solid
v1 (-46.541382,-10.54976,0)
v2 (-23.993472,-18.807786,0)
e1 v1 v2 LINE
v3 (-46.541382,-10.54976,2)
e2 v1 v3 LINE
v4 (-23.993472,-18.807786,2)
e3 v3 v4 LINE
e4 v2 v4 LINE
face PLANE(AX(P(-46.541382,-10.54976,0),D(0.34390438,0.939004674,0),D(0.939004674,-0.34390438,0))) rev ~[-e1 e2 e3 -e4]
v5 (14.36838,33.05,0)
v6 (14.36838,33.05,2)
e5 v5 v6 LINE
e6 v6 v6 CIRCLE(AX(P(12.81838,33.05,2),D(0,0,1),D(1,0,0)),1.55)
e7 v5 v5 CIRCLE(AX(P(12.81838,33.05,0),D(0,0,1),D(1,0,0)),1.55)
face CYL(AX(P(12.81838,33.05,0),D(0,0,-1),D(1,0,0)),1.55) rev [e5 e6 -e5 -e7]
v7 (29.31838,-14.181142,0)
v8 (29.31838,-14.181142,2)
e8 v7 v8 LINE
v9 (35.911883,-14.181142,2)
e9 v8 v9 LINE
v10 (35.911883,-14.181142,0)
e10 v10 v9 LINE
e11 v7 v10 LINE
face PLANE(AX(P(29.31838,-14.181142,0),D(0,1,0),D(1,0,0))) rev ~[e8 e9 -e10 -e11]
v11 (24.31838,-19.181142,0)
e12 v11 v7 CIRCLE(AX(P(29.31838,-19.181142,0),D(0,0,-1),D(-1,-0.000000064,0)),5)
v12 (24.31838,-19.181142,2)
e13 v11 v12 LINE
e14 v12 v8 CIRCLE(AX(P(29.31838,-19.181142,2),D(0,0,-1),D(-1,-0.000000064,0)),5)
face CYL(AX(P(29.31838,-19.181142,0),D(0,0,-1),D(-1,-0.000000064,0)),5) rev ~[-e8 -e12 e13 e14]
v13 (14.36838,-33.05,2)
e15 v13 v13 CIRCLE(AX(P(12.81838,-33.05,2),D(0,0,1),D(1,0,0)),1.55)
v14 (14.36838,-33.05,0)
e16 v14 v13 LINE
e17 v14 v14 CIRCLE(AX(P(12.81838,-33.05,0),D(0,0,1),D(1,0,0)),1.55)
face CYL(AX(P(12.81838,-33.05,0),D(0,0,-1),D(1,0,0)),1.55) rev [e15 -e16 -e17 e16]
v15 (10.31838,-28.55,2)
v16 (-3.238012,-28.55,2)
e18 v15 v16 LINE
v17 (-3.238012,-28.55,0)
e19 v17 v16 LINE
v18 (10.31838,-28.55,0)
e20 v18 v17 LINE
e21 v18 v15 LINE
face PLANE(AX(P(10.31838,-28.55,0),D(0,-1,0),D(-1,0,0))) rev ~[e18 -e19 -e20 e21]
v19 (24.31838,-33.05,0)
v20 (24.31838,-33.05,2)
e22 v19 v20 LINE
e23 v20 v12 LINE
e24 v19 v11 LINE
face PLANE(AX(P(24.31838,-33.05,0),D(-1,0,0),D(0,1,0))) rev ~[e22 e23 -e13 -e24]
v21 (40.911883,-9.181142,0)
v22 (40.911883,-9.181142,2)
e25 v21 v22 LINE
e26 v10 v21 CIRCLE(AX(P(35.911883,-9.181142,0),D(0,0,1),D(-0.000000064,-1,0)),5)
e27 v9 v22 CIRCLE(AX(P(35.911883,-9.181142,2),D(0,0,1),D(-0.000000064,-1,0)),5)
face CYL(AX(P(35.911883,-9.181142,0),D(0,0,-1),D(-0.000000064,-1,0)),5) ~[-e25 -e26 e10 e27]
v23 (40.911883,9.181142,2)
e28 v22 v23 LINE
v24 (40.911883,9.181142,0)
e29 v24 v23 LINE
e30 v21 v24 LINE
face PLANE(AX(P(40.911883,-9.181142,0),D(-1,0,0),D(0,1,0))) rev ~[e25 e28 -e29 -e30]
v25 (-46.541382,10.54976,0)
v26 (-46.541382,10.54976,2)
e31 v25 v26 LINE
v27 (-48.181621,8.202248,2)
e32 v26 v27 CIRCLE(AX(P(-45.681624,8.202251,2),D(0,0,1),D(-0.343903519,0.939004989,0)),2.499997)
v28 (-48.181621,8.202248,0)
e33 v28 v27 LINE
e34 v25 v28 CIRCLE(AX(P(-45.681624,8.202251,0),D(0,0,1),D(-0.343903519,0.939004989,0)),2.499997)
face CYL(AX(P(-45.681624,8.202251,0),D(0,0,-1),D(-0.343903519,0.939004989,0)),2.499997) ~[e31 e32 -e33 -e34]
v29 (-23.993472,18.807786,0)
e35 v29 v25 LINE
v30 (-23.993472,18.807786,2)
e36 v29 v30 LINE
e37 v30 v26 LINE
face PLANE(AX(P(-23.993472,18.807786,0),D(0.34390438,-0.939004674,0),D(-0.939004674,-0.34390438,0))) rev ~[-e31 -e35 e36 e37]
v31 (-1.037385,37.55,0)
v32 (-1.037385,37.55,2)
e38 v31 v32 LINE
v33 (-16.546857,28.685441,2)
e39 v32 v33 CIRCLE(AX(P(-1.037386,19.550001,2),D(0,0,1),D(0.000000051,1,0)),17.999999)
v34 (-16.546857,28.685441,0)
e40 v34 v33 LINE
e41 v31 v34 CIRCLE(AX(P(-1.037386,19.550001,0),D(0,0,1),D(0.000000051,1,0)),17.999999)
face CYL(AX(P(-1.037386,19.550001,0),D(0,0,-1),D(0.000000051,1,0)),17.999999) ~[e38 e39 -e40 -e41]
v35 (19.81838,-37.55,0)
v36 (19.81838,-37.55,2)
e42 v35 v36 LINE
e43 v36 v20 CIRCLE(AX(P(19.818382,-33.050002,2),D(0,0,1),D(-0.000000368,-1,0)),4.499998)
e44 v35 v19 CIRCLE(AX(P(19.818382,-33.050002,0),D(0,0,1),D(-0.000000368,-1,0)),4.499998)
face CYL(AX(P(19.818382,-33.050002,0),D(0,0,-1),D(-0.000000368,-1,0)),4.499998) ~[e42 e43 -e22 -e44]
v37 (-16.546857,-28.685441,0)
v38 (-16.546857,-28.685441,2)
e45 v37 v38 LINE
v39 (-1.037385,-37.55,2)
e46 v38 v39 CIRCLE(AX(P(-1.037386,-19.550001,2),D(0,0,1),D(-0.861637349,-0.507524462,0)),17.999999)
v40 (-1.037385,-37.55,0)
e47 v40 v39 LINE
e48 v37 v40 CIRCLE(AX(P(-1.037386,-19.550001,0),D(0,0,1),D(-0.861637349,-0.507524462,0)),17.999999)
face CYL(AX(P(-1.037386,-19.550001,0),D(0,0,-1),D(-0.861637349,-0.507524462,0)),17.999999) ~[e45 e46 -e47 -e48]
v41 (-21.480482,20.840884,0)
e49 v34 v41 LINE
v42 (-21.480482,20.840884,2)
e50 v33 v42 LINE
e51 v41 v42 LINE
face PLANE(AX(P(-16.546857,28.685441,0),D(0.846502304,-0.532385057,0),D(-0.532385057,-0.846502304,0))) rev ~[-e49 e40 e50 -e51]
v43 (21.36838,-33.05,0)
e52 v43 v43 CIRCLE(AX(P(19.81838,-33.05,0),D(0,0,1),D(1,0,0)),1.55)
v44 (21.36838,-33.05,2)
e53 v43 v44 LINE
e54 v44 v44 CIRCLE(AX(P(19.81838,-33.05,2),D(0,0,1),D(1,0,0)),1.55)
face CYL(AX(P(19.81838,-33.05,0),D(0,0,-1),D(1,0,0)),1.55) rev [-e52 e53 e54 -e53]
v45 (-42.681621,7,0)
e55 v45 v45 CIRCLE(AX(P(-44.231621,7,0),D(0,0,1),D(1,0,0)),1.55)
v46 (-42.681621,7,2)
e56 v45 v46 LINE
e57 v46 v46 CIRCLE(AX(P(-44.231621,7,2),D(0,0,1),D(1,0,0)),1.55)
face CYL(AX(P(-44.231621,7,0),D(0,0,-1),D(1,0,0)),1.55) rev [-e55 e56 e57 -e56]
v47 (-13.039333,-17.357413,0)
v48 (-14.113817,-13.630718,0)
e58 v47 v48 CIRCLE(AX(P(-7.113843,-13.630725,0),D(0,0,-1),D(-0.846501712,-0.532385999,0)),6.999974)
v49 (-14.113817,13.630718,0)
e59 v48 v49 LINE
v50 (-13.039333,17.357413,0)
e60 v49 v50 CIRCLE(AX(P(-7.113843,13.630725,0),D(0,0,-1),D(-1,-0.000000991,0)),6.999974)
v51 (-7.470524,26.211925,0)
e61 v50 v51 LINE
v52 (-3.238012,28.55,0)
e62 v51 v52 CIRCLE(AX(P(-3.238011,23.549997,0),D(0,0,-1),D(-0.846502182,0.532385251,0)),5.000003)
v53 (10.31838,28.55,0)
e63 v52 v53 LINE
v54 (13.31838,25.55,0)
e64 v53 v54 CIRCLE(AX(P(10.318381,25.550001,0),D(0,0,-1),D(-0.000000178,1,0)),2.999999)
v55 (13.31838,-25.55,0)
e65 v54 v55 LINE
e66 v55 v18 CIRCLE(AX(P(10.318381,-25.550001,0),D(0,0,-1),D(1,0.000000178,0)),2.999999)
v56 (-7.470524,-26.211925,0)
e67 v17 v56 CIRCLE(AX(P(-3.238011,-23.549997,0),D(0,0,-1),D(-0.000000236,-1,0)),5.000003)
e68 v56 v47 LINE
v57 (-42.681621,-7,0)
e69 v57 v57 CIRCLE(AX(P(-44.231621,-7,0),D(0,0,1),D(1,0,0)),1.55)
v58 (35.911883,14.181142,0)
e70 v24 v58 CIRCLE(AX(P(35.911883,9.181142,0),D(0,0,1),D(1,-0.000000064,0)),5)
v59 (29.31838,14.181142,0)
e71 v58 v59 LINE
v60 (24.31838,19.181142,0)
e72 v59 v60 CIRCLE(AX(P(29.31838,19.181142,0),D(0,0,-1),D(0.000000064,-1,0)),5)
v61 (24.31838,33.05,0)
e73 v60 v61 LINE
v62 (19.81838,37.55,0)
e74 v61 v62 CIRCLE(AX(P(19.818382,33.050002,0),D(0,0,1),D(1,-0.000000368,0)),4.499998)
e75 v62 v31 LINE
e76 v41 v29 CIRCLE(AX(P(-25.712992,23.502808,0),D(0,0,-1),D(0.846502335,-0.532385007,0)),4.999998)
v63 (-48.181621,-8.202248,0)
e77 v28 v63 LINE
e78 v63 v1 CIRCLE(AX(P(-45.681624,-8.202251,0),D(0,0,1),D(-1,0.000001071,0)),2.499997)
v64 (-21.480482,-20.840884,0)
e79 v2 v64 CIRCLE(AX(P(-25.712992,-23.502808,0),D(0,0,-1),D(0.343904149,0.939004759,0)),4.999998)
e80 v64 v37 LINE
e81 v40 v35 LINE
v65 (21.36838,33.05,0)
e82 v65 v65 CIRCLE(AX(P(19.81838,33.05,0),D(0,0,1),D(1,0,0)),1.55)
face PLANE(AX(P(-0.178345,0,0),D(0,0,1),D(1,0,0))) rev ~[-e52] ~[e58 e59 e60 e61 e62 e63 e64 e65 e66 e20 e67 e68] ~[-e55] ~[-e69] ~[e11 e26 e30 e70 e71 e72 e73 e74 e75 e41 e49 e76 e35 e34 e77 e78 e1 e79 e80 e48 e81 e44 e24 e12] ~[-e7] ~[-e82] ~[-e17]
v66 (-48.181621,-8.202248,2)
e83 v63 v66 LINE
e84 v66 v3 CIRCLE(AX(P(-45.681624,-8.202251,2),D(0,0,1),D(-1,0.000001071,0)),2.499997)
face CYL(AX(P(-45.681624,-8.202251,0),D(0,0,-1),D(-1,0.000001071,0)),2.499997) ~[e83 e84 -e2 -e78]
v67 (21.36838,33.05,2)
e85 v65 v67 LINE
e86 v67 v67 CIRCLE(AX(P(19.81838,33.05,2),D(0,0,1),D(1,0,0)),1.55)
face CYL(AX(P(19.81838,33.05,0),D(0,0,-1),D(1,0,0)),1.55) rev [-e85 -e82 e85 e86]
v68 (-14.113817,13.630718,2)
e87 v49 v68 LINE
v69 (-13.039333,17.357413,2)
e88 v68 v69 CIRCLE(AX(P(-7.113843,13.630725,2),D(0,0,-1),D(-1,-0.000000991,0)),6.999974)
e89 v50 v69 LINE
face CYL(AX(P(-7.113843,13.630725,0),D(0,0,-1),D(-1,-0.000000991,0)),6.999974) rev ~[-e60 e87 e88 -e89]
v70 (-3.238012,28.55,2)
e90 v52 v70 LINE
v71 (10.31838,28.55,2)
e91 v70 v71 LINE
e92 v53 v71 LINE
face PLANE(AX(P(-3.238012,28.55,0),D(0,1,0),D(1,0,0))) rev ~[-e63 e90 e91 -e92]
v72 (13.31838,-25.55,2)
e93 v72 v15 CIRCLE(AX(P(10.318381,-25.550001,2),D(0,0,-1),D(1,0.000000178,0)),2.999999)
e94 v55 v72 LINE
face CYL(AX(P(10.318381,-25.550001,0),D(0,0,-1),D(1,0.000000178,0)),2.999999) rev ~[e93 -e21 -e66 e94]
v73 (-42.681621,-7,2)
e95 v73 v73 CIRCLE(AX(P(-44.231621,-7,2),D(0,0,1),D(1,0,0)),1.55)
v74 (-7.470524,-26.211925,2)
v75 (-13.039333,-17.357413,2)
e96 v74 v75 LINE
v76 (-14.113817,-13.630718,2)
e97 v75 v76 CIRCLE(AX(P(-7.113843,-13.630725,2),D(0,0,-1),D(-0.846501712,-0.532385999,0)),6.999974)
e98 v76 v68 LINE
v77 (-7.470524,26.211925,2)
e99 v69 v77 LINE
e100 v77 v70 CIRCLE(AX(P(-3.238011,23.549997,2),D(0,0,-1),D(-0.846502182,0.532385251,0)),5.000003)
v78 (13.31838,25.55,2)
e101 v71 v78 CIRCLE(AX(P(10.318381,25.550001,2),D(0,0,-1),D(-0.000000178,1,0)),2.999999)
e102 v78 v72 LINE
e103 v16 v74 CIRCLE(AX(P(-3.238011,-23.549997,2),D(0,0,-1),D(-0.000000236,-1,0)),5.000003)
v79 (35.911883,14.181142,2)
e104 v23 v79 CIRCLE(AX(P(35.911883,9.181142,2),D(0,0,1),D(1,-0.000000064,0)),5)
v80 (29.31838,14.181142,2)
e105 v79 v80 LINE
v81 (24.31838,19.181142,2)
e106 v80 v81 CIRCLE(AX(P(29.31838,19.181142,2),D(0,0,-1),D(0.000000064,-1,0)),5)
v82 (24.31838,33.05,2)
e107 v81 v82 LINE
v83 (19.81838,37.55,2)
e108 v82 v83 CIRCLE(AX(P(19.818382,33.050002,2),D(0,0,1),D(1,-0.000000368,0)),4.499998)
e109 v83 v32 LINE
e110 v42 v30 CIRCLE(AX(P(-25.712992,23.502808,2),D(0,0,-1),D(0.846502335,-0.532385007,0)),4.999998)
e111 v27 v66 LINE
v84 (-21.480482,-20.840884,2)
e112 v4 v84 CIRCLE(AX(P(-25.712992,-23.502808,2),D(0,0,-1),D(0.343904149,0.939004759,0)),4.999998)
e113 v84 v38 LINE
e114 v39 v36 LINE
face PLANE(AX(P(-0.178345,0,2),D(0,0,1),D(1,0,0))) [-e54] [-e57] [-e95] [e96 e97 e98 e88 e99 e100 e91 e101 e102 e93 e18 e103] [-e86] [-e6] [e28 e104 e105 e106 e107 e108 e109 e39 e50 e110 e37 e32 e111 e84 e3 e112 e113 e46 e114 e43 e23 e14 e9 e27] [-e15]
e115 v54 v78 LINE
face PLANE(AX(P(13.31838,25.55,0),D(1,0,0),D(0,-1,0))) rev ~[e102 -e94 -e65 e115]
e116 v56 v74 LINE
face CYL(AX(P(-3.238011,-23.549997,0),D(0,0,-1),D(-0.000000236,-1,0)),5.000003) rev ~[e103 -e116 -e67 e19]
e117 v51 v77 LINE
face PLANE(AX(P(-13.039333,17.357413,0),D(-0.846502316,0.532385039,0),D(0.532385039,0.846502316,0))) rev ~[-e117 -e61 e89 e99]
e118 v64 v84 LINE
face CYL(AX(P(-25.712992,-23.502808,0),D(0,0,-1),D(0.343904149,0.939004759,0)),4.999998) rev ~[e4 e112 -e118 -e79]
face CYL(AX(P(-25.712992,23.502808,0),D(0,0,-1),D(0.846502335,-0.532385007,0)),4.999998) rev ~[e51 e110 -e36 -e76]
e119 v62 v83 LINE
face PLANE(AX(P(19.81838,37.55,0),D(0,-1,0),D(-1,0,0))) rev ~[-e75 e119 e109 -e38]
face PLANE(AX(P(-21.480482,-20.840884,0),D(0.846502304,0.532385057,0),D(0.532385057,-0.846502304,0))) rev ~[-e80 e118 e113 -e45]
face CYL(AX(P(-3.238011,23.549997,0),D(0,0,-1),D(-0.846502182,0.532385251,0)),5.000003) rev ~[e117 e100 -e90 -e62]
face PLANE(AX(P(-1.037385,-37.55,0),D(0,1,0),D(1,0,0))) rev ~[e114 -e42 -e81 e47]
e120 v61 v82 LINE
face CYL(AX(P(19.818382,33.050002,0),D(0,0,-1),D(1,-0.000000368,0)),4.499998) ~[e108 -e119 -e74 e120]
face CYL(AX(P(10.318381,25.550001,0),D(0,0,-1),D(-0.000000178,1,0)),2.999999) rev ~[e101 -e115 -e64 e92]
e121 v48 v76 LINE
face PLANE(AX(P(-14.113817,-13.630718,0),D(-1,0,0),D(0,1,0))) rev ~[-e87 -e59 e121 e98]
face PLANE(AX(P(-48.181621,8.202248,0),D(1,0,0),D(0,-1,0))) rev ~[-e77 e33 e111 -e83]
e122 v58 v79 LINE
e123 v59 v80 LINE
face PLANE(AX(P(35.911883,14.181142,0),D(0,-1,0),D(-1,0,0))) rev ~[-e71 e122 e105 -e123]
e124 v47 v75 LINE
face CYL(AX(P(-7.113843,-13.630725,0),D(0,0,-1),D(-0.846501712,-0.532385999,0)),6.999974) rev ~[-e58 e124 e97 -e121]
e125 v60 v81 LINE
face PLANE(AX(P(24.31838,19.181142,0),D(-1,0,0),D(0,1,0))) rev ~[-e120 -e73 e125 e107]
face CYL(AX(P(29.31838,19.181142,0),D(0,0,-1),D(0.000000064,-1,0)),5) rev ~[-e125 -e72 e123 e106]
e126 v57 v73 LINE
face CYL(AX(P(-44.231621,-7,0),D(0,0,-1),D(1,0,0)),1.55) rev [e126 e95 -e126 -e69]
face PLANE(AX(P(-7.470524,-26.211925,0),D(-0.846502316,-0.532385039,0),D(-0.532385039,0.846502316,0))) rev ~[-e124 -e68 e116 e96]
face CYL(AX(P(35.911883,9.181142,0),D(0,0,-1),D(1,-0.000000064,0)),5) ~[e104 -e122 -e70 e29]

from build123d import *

# Parameters (mm, degrees)
F0_R     = 1.55
F1_DEPTH = 2


with BuildPart() as f1:
    # F0 (on Top) → F1 (new body)
    with BuildSketch(Plane.XY):
        with BuildLine():
            Line((24.31838, 19.181142), (24.31838, 33.05))
            ThreePointArc((24.31838, 33.05), (23.000361, 36.231981), (19.81838, 37.55))
            Line((19.81838, 37.55), (-1.037385, 37.55))
            ThreePointArc((-1.037385, 37.55), (-9.969408, 35.177507), (-16.546857, 28.685441))
            Line((-16.546857, 28.685441), (-21.480482, 20.840884))
            ThreePointArc((-21.480482, 20.840884), (-22.568149, 19.615657), (-23.993472, 18.807786))
            Line((-23.993472, 18.807786), (-46.541382, 10.54976))
            ThreePointArc((-46.541382, 10.54976), (-47.730939, 9.634135), (-48.181621, 8.202248))
            Line((-48.181621, 8.202248), (-48.181621, -8.202248))
            ThreePointArc((-48.181621, -8.202248), (-47.730939, -9.634135), (-46.541382, -10.54976))
            Line((-46.541382, -10.54976), (-23.993472, -18.807786))
            ThreePointArc((-23.993472, -18.807786), (-22.568149, -19.615657), (-21.480482, -20.840884))
            Line((-21.480482, -20.840884), (-16.546857, -28.685441))
            ThreePointArc((-16.546857, -28.685441), (-9.969408, -35.177507), (-1.037385, -37.55))
            Line((-1.037385, -37.55), (19.81838, -37.55))
            ThreePointArc((19.81838, -37.55), (23.000361, -36.231981), (24.31838, -33.05))
            Line((24.31838, -33.05), (24.31838, -19.181142))
            ThreePointArc((24.31838, -19.181142), (25.782846, -15.645608), (29.31838, -14.181142))
            Line((29.31838, -14.181142), (35.911883, -14.181142))
            ThreePointArc((35.911883, -14.181142), (39.447417, -12.716676), (40.911883, -9.181142))
            Line((40.911883, -9.181142), (40.911883, 0))
            Line((40.911883, 0), (40.911883, 9.181142))
            ThreePointArc((40.911883, 9.181142), (39.447417, 12.716676), (35.911883, 14.181142))
            Line((35.911883, 14.181142), (29.31838, 14.181142))
            ThreePointArc((29.31838, 14.181142), (25.782846, 15.645608), (24.31838, 19.181142))
        make_face()
        with Locations((-44.231621, -7)):
            Circle(F0_R, mode=Mode.SUBTRACT)
        with Locations((12.81838, -33.05)):
            Circle(F0_R, mode=Mode.SUBTRACT)
        with Locations((19.81838, -33.05)):
            Circle(F0_R, mode=Mode.SUBTRACT)
        with Locations((-44.231621, 7)):
            Circle(F0_R, mode=Mode.SUBTRACT)
        with BuildLine():
            Line((-13.039333, 17.357413), (-7.470524, 26.211925))
            ThreePointArc((-7.470524, 26.211925), (-5.655694, 27.926621), (-3.238012, 28.55))
            Line((-3.238012, 28.55), (10.31838, 28.55))
            ThreePointArc((10.31838, 28.55), (12.439701, 27.67132), (13.31838, 25.55))
            Line((13.31838, 25.55), (13.31838, -25.55))
            ThreePointArc((13.31838, -25.55), (12.439701, -27.67132), (10.31838, -28.55))
            Line((10.31838, -28.55), (-3.238012, -28.55))
            ThreePointArc((-3.238012, -28.55), (-5.655694, -27.926621), (-7.470524, -26.211925))
            Line((-7.470524, -26.211925), (-13.039333, -17.357413))
            ThreePointArc((-13.039333, -17.357413), (-13.839835, -15.569969), (-14.113817, -13.630718))
            Line((-14.113817, -13.630718), (-14.113817, 13.630718))
            ThreePointArc((-14.113817, 13.630718), (-13.839835, 15.569969), (-13.039333, 17.357413))
        make_face(mode=Mode.SUBTRACT)
        with Locations((12.81838, 33.05)):
            Circle(F0_R, mode=Mode.SUBTRACT)
        with Locations((19.81838, 33.05)):
            Circle(F0_R, mode=Mode.SUBTRACT)
    extrude(amount=F1_DEPTH)


solid = f1.part
